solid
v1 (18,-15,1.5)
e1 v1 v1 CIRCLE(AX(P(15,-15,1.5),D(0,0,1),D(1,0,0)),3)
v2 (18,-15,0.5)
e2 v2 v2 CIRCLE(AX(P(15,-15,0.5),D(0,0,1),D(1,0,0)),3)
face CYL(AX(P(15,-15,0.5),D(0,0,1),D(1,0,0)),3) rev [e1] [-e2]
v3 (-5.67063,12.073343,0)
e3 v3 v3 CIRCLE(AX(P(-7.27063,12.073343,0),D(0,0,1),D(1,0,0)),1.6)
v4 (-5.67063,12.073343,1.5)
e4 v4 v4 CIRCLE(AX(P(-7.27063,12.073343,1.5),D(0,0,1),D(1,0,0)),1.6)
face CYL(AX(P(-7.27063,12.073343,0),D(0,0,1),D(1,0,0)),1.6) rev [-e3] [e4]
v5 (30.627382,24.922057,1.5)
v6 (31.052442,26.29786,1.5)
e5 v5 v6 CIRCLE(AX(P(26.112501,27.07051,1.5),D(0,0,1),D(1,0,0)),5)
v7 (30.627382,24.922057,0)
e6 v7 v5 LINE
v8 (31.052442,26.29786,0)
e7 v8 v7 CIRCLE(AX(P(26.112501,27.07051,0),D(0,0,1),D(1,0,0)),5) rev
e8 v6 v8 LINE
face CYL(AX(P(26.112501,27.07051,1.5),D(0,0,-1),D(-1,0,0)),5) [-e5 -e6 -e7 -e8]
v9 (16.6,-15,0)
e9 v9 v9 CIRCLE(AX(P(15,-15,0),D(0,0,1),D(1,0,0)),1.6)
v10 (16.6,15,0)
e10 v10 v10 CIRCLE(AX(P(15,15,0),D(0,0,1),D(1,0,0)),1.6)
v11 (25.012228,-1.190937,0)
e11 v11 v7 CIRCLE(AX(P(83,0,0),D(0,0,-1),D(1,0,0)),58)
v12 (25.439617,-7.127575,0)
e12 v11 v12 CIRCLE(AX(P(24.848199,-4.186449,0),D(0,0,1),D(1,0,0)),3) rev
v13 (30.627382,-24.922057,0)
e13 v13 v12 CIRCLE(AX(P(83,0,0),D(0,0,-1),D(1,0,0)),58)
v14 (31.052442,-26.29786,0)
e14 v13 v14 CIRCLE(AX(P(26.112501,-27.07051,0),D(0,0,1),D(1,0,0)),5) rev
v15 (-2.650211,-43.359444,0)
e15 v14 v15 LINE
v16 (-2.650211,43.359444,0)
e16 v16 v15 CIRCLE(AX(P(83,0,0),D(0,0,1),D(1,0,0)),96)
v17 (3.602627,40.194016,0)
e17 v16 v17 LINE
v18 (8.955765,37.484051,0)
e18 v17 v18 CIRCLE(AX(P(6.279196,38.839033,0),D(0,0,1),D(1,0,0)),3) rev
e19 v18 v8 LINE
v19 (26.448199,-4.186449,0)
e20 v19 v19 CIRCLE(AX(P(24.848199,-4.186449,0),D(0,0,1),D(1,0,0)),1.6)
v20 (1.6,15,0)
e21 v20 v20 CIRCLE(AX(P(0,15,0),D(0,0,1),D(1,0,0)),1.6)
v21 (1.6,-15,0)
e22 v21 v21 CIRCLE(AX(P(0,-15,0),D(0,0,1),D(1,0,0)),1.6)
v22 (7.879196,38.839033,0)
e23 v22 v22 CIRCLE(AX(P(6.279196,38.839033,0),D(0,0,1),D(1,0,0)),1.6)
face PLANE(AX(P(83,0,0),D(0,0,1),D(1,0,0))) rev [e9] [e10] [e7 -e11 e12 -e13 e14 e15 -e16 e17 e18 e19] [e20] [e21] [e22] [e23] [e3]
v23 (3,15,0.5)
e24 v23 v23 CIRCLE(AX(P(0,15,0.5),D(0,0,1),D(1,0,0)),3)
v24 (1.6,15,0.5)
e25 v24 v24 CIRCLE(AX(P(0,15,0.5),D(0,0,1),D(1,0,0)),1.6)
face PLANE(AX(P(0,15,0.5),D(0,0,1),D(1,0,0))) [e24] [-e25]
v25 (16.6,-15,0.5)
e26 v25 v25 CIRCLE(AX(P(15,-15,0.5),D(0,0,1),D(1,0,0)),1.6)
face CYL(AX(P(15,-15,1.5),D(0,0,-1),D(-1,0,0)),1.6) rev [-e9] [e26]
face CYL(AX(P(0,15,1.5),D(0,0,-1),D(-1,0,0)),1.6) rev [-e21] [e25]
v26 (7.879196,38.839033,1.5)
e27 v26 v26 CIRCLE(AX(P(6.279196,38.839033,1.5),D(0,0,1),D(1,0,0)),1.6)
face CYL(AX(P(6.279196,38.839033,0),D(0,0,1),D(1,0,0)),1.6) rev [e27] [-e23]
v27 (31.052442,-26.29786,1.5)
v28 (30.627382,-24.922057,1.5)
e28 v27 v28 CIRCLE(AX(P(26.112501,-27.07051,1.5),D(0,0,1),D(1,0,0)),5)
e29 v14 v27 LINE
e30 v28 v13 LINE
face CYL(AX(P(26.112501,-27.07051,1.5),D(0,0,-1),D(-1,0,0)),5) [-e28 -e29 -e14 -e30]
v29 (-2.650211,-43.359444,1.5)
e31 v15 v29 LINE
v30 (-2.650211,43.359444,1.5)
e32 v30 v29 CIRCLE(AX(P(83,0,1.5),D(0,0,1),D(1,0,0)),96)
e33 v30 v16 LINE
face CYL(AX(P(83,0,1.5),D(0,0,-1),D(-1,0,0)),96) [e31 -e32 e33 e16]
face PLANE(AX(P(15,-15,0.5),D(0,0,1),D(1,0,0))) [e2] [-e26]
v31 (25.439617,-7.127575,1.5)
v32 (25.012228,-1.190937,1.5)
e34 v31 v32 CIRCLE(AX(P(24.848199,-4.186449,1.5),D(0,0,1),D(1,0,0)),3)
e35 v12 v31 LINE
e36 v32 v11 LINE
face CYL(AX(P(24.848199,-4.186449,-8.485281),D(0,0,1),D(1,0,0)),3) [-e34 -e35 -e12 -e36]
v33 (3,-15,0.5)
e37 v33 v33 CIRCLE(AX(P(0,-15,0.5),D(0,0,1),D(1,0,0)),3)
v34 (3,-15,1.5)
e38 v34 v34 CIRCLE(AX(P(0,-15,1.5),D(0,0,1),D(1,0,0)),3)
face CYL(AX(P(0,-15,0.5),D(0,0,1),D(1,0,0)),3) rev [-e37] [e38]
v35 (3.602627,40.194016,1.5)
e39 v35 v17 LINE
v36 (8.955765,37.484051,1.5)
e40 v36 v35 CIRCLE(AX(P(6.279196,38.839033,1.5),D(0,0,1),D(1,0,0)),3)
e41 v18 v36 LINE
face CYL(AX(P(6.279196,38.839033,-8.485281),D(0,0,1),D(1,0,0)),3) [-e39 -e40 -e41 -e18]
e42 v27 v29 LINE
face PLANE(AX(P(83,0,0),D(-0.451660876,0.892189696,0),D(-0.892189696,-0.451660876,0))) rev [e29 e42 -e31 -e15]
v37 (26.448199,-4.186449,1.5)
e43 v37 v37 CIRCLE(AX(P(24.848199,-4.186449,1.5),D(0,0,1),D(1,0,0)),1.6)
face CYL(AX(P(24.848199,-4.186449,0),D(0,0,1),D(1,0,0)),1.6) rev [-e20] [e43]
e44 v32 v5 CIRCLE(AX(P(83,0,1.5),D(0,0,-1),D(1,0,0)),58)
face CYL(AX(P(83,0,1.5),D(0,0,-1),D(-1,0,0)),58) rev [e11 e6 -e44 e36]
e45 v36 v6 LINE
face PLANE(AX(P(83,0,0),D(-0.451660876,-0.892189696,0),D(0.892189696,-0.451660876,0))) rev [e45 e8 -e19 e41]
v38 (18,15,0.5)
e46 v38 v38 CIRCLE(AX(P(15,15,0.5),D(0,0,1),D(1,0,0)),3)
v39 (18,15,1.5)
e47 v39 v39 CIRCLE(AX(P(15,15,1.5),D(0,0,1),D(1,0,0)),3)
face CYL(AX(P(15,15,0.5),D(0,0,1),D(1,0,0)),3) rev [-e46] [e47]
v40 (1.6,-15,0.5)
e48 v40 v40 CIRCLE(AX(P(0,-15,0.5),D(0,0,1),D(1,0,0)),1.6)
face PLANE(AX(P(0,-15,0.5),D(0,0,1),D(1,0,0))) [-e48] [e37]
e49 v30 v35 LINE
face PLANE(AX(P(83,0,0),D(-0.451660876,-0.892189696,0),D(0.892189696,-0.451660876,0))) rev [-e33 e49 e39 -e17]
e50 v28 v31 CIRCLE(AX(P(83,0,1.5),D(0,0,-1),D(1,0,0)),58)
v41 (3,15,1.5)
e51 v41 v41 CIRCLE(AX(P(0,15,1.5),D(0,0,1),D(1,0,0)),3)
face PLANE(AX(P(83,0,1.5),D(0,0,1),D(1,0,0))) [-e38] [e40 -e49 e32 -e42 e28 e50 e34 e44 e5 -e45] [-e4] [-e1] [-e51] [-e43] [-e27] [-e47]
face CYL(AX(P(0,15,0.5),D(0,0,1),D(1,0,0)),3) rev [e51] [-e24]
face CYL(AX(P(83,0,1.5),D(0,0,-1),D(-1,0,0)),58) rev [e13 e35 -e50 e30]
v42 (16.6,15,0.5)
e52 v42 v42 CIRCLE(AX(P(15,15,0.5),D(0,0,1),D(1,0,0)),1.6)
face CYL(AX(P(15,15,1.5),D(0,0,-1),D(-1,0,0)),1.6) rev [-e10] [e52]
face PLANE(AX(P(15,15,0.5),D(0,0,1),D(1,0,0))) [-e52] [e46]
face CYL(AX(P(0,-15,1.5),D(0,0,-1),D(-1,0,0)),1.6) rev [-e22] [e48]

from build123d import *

# Parameters (mm, degrees)
SKETCH1_R           = 1.6
BOSS_EXTRUDE1_DEPTH = 1.5
FILLET1_R           = 5
CUT_EXTRUDE1_DEPTH  = 1.5
SKETCH3_R           = 1.6
CUT_EXTRUDE2_DEPTH  = 1.5
SKETCH4_R           = 3
SKETCH4_R_2         = 1.6
BOSS_EXTRUDE2_DEPTH = 1.5
SKETCH5_R           = 3
CUT_EXTRUDE3_DEPTH  = 1


with BuildPart() as part:
    # Sketch1 → Boss-Extrude1 (new body)
    with BuildSketch(Plane.XY):
        with BuildLine():
            Line((32.770526581, 29), (-0.138438763, 48))
            ThreePointArc((-0.138438763, 48), (-13, 0), (-0.138438763, -48))
            Line((-0.138438763, -48), (32.770526581, -29))
            ThreePointArc((32.770526581, -29), (25, 0), (32.770526581, 29))
        make_face()
        with Locations((0, 15)):
            Circle(SKETCH1_R, mode=Mode.SUBTRACT)
        with Locations((15, 15)):
            Circle(SKETCH1_R, mode=Mode.SUBTRACT)
        with Locations((15, -15)):
            Circle(SKETCH1_R, mode=Mode.SUBTRACT)
        with Locations((0, -15)):
            Circle(SKETCH1_R, mode=Mode.SUBTRACT)
    extrude(amount=BOSS_EXTRUDE1_DEPTH)

    # Fillet1
    fillet1_edges = [part.edges().sort_by_distance(p)[0] for p in [
        (32.770526581, -29, 0.75),
        (-0.138438763, -48, 0.75),
        (-0.138438763, 48, 0.75),
        (32.770526581, 29, 0.75),
    ]]
    fillet(fillet1_edges, radius=FILLET1_R)

    # Sketch2 → Cut-Extrude1 (cut)
    with BuildSketch(Plane.XY.offset(1.5)):
        Polygon((83, 0), (-2.650210769, 43.359444129), (-7.007085146, 61.211012317), (87.93666147, 66.514409607), (145.627275899, 17.878375919), (122.602770589, -61.543232286), (-16.449719346, -74.090294168), (-2.650210769, -43.359444129), align=None)
    extrude(amount=-CUT_EXTRUDE1_DEPTH, mode=Mode.SUBTRACT)

    # Sketch3 → Cut-Extrude2 (cut)
    with BuildSketch(Plane.XY.offset(1.5)):
        with Locations((6.279196304, 38.839033454)):
            Circle(SKETCH3_R)
        with Locations((-7.270629986, 12.073342588)):
            Circle(SKETCH3_R)
        with Locations((24.848199053, -4.18644896)):
            Circle(SKETCH3_R)
    extrude(amount=-CUT_EXTRUDE2_DEPTH, mode=Mode.SUBTRACT)

    # Sketch4 → Boss-Extrude2 (add)
    with BuildSketch(Plane.XY.offset(1.5)):
        with Locations((6.279196304, 38.839033454)):
            Circle(SKETCH4_R)
        with Locations((6.279196304, 38.839033454)):
            Circle(SKETCH4_R_2, mode=Mode.SUBTRACT)
        with Locations((24.848199053, -4.18644896)):
            Circle(SKETCH4_R)
        with Locations((24.848199053, -4.18644896)):
            Circle(SKETCH4_R_2, mode=Mode.SUBTRACT)
    extrude(amount=-BOSS_EXTRUDE2_DEPTH)

    # Sketch5 → Cut-Extrude3 (cut)
    with BuildSketch(Plane.XY.offset(1.5)):
        with Locations((0, 15)):
            Circle(SKETCH5_R)
        with Locations((15, 15)):
            Circle(SKETCH5_R)
        with Locations((15, -15)):
            Circle(SKETCH5_R)
        with Locations((0, -15)):
            Circle(SKETCH5_R)
    extrude(amount=-CUT_EXTRUDE3_DEPTH, mode=Mode.SUBTRACT)


solid = part.part
